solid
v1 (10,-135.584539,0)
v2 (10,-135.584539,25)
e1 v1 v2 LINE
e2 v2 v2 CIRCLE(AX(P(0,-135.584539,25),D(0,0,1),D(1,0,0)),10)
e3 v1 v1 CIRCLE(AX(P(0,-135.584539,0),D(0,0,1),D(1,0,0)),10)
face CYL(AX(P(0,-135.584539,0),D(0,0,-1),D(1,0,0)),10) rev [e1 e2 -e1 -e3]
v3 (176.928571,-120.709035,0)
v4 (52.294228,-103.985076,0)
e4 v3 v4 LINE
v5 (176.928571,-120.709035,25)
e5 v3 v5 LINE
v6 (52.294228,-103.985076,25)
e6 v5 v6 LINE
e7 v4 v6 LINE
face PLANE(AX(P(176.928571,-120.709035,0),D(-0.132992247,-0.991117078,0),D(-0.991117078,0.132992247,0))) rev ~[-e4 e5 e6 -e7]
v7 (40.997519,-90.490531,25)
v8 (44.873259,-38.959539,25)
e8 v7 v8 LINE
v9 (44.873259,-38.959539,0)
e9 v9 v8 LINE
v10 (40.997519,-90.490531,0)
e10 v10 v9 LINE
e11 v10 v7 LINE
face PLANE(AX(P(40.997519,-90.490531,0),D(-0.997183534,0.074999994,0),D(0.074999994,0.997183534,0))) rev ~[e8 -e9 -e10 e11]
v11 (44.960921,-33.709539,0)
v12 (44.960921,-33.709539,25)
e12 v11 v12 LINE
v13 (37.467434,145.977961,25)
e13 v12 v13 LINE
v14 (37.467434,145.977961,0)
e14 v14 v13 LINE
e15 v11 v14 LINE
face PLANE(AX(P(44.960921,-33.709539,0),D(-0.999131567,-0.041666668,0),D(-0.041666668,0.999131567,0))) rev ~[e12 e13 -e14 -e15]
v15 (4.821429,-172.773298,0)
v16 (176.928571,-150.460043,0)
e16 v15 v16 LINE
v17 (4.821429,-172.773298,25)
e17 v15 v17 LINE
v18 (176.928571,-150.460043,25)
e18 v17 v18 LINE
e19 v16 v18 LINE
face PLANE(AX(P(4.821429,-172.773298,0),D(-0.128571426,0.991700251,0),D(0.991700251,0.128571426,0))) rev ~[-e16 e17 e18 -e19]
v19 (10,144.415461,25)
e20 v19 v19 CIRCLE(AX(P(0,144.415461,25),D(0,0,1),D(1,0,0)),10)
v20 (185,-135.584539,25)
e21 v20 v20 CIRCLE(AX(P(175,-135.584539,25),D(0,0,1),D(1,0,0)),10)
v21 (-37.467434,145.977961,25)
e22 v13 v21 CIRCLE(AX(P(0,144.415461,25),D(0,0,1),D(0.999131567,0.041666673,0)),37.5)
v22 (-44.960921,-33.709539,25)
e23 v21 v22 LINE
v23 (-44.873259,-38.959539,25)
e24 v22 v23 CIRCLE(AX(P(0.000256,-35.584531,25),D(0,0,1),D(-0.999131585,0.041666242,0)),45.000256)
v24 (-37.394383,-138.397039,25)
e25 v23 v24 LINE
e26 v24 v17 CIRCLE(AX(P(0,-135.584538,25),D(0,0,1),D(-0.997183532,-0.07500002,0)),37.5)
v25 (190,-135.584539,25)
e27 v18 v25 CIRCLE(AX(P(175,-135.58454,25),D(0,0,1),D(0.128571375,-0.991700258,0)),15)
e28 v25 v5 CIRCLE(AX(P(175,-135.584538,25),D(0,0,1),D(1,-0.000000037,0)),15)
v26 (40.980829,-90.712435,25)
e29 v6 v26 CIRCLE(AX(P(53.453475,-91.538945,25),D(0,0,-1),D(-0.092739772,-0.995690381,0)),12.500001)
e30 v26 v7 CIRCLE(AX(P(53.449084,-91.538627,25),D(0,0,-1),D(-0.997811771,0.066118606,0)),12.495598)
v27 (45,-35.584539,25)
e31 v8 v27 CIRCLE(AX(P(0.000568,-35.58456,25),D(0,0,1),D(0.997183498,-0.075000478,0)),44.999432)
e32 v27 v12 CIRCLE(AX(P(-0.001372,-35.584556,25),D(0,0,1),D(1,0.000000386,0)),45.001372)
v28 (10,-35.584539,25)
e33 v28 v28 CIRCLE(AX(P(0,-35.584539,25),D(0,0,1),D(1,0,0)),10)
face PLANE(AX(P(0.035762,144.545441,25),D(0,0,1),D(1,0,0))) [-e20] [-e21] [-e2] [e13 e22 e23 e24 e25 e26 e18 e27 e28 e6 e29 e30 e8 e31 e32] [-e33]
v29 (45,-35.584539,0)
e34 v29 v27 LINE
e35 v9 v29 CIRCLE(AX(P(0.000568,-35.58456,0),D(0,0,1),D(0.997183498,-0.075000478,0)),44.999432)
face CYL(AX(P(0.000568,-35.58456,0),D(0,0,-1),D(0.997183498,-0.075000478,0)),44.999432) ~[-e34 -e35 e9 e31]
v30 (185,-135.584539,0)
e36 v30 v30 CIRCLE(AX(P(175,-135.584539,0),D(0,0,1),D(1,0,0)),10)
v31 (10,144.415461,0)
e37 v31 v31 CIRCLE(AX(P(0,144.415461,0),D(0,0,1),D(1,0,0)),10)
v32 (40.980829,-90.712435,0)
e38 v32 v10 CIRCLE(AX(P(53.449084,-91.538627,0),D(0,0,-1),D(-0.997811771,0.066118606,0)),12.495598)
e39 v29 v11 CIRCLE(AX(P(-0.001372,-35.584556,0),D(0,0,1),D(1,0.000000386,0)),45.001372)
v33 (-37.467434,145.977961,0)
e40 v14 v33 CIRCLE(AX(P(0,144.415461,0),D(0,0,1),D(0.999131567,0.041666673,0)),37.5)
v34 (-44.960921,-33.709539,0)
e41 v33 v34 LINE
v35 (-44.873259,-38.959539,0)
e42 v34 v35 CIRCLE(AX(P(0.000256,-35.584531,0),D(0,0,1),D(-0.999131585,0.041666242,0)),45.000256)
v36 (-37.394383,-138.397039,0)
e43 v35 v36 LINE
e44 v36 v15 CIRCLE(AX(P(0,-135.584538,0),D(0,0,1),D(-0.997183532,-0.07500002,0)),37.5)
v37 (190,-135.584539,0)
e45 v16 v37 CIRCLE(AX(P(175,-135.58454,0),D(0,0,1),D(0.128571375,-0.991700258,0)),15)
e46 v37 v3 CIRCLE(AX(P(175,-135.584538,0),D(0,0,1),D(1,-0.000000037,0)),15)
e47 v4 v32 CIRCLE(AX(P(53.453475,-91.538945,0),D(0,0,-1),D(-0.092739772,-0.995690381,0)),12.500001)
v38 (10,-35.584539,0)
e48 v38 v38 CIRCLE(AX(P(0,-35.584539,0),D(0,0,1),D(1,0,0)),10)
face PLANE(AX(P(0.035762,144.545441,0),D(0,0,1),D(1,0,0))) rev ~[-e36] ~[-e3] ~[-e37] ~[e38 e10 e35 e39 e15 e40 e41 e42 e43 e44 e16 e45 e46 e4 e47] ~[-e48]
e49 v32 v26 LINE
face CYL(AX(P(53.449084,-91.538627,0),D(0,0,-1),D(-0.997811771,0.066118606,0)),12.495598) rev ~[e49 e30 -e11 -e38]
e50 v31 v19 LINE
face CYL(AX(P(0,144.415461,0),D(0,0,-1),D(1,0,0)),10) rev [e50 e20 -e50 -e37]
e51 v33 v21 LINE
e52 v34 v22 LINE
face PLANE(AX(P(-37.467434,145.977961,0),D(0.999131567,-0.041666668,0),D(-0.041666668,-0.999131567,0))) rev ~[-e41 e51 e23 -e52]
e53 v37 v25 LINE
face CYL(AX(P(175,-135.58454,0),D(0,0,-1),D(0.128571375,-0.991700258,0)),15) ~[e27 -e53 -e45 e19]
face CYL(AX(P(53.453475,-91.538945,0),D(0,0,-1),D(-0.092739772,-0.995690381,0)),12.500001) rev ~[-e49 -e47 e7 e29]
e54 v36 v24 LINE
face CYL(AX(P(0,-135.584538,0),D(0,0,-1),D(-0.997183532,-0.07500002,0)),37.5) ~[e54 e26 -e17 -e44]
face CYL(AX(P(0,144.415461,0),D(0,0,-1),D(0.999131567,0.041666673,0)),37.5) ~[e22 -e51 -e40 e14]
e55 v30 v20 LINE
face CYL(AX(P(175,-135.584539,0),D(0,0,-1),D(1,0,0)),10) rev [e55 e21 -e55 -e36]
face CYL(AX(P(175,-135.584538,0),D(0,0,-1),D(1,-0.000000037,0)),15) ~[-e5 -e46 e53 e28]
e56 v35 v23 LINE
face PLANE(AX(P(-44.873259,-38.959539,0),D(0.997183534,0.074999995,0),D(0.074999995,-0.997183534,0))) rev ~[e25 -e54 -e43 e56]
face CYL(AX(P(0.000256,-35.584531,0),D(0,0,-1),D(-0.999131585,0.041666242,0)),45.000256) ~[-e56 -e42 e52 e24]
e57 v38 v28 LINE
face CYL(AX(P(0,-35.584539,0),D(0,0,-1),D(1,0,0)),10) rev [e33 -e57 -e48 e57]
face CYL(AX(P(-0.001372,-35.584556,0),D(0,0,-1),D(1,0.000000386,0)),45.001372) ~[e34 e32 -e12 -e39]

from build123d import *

# Parameters (mm, degrees)
F0_R     = 10
F1_DEPTH = 25


with BuildPart() as f1:
    # F0 (on Top) → F1 (new body)
    with BuildSketch(Plane.XY):
        with BuildLine():
            ThreePointArc((-37.467434, 145.977961), (-0.78142, 106.923603), (37.5, 144.415461))
            ThreePointArc((37.5, 144.415461), (37.491858, 145.196881), (37.467434, 145.977961))
            ThreePointArc((37.467434, 145.977961), (0, 181.915461), (-37.467434, 145.977961))
        make_face()
        with Locations((0, 144.415461)):
            Circle(F0_R, mode=Mode.SUBTRACT)
        with BuildLine():
            ThreePointArc((37.467434, 145.977961), (37.491858, 145.196881), (37.5, 144.415461))
            ThreePointArc((37.5, 144.415461), (-0.78142, 106.923603), (-37.467434, 145.977961))
            Line((-37.467434, 145.977961), (-44.960921, -33.709539))
            ThreePointArc((-44.960921, -33.709539), (0, 9.415461), (44.960921, -33.709539))
            Line((44.960921, -33.709539), (37.467434, 145.977961))
        make_face()
        with BuildLine():
            ThreePointArc((45, -35.584539), (44.990229, -34.646835), (44.960921, -33.709539))
            ThreePointArc((44.960921, -33.709539), (0, 9.415461), (-44.960921, -33.709539))
            ThreePointArc((-44.960921, -33.709539), (-44.993728, -36.335819), (-44.873259, -38.959539))
            ThreePointArc((-44.873259, -38.959539), (0, -80.584539), (44.873259, -38.959539))
            ThreePointArc((44.873259, -38.959539), (44.968304, -37.273228), (45, -35.584539))
        make_face()
        with Locations((0, -35.584539)):
            Circle(F0_R, mode=Mode.SUBTRACT)
        with BuildLine():
            ThreePointArc((37.5, -135.584539), (-1.407241, -98.110953), (-37.394383, -138.397039))
            ThreePointArc((-37.394383, -138.397039), (-23.678706, -164.663206), (4.821429, -172.773298))
            ThreePointArc((4.821429, -172.773298), (27.220865, -161.377455), (37.394383, -138.397039))
            ThreePointArc((37.394383, -138.397039), (37.473586, -136.99178), (37.5, -135.584539))
        make_face()
        with Locations((0, -135.584539)):
            Circle(F0_R, mode=Mode.SUBTRACT)
        with BuildLine():
            ThreePointArc((44.873259, -38.959539), (0, -80.584539), (-44.873259, -38.959539))
            Line((-44.873259, -38.959539), (-37.394383, -138.397039))
            ThreePointArc((-37.394383, -138.397039), (-1.407241, -98.110953), (37.5, -135.584539))
            ThreePointArc((37.5, -135.584539), (37.473586, -136.99178), (37.394383, -138.397039))
            ThreePointArc((37.394383, -138.397039), (27.220865, -161.377455), (4.821429, -172.773298))
            Line((4.821429, -172.773298), (176.928571, -150.460043))
            ThreePointArc((176.928571, -150.460043), (160, -135.584539), (176.928571, -120.709035))
            Line((176.928571, -120.709035), (52.294228, -103.985076))
            ThreePointArc((52.294228, -103.985076), (43.940438, -99.647715), (40.980829, -90.712435))
            ThreePointArc((40.980829, -90.712435), (40.98868, -90.601446), (40.997519, -90.490531))
            Line((40.997519, -90.490531), (44.873259, -38.959539))
        make_face()
        with BuildLine():
            ThreePointArc((176.928571, -120.709035), (160, -135.584539), (176.928571, -150.460043))
            ThreePointArc((176.928571, -150.460043), (186.267843, -145.485838), (190, -135.584539))
            ThreePointArc((190, -135.584539), (186.267843, -125.68324), (176.928571, -120.709035))
        make_face()
        with Locations((175, -135.584539)):
            Circle(F0_R, mode=Mode.SUBTRACT)
    extrude(amount=F1_DEPTH)


solid = f1.part
